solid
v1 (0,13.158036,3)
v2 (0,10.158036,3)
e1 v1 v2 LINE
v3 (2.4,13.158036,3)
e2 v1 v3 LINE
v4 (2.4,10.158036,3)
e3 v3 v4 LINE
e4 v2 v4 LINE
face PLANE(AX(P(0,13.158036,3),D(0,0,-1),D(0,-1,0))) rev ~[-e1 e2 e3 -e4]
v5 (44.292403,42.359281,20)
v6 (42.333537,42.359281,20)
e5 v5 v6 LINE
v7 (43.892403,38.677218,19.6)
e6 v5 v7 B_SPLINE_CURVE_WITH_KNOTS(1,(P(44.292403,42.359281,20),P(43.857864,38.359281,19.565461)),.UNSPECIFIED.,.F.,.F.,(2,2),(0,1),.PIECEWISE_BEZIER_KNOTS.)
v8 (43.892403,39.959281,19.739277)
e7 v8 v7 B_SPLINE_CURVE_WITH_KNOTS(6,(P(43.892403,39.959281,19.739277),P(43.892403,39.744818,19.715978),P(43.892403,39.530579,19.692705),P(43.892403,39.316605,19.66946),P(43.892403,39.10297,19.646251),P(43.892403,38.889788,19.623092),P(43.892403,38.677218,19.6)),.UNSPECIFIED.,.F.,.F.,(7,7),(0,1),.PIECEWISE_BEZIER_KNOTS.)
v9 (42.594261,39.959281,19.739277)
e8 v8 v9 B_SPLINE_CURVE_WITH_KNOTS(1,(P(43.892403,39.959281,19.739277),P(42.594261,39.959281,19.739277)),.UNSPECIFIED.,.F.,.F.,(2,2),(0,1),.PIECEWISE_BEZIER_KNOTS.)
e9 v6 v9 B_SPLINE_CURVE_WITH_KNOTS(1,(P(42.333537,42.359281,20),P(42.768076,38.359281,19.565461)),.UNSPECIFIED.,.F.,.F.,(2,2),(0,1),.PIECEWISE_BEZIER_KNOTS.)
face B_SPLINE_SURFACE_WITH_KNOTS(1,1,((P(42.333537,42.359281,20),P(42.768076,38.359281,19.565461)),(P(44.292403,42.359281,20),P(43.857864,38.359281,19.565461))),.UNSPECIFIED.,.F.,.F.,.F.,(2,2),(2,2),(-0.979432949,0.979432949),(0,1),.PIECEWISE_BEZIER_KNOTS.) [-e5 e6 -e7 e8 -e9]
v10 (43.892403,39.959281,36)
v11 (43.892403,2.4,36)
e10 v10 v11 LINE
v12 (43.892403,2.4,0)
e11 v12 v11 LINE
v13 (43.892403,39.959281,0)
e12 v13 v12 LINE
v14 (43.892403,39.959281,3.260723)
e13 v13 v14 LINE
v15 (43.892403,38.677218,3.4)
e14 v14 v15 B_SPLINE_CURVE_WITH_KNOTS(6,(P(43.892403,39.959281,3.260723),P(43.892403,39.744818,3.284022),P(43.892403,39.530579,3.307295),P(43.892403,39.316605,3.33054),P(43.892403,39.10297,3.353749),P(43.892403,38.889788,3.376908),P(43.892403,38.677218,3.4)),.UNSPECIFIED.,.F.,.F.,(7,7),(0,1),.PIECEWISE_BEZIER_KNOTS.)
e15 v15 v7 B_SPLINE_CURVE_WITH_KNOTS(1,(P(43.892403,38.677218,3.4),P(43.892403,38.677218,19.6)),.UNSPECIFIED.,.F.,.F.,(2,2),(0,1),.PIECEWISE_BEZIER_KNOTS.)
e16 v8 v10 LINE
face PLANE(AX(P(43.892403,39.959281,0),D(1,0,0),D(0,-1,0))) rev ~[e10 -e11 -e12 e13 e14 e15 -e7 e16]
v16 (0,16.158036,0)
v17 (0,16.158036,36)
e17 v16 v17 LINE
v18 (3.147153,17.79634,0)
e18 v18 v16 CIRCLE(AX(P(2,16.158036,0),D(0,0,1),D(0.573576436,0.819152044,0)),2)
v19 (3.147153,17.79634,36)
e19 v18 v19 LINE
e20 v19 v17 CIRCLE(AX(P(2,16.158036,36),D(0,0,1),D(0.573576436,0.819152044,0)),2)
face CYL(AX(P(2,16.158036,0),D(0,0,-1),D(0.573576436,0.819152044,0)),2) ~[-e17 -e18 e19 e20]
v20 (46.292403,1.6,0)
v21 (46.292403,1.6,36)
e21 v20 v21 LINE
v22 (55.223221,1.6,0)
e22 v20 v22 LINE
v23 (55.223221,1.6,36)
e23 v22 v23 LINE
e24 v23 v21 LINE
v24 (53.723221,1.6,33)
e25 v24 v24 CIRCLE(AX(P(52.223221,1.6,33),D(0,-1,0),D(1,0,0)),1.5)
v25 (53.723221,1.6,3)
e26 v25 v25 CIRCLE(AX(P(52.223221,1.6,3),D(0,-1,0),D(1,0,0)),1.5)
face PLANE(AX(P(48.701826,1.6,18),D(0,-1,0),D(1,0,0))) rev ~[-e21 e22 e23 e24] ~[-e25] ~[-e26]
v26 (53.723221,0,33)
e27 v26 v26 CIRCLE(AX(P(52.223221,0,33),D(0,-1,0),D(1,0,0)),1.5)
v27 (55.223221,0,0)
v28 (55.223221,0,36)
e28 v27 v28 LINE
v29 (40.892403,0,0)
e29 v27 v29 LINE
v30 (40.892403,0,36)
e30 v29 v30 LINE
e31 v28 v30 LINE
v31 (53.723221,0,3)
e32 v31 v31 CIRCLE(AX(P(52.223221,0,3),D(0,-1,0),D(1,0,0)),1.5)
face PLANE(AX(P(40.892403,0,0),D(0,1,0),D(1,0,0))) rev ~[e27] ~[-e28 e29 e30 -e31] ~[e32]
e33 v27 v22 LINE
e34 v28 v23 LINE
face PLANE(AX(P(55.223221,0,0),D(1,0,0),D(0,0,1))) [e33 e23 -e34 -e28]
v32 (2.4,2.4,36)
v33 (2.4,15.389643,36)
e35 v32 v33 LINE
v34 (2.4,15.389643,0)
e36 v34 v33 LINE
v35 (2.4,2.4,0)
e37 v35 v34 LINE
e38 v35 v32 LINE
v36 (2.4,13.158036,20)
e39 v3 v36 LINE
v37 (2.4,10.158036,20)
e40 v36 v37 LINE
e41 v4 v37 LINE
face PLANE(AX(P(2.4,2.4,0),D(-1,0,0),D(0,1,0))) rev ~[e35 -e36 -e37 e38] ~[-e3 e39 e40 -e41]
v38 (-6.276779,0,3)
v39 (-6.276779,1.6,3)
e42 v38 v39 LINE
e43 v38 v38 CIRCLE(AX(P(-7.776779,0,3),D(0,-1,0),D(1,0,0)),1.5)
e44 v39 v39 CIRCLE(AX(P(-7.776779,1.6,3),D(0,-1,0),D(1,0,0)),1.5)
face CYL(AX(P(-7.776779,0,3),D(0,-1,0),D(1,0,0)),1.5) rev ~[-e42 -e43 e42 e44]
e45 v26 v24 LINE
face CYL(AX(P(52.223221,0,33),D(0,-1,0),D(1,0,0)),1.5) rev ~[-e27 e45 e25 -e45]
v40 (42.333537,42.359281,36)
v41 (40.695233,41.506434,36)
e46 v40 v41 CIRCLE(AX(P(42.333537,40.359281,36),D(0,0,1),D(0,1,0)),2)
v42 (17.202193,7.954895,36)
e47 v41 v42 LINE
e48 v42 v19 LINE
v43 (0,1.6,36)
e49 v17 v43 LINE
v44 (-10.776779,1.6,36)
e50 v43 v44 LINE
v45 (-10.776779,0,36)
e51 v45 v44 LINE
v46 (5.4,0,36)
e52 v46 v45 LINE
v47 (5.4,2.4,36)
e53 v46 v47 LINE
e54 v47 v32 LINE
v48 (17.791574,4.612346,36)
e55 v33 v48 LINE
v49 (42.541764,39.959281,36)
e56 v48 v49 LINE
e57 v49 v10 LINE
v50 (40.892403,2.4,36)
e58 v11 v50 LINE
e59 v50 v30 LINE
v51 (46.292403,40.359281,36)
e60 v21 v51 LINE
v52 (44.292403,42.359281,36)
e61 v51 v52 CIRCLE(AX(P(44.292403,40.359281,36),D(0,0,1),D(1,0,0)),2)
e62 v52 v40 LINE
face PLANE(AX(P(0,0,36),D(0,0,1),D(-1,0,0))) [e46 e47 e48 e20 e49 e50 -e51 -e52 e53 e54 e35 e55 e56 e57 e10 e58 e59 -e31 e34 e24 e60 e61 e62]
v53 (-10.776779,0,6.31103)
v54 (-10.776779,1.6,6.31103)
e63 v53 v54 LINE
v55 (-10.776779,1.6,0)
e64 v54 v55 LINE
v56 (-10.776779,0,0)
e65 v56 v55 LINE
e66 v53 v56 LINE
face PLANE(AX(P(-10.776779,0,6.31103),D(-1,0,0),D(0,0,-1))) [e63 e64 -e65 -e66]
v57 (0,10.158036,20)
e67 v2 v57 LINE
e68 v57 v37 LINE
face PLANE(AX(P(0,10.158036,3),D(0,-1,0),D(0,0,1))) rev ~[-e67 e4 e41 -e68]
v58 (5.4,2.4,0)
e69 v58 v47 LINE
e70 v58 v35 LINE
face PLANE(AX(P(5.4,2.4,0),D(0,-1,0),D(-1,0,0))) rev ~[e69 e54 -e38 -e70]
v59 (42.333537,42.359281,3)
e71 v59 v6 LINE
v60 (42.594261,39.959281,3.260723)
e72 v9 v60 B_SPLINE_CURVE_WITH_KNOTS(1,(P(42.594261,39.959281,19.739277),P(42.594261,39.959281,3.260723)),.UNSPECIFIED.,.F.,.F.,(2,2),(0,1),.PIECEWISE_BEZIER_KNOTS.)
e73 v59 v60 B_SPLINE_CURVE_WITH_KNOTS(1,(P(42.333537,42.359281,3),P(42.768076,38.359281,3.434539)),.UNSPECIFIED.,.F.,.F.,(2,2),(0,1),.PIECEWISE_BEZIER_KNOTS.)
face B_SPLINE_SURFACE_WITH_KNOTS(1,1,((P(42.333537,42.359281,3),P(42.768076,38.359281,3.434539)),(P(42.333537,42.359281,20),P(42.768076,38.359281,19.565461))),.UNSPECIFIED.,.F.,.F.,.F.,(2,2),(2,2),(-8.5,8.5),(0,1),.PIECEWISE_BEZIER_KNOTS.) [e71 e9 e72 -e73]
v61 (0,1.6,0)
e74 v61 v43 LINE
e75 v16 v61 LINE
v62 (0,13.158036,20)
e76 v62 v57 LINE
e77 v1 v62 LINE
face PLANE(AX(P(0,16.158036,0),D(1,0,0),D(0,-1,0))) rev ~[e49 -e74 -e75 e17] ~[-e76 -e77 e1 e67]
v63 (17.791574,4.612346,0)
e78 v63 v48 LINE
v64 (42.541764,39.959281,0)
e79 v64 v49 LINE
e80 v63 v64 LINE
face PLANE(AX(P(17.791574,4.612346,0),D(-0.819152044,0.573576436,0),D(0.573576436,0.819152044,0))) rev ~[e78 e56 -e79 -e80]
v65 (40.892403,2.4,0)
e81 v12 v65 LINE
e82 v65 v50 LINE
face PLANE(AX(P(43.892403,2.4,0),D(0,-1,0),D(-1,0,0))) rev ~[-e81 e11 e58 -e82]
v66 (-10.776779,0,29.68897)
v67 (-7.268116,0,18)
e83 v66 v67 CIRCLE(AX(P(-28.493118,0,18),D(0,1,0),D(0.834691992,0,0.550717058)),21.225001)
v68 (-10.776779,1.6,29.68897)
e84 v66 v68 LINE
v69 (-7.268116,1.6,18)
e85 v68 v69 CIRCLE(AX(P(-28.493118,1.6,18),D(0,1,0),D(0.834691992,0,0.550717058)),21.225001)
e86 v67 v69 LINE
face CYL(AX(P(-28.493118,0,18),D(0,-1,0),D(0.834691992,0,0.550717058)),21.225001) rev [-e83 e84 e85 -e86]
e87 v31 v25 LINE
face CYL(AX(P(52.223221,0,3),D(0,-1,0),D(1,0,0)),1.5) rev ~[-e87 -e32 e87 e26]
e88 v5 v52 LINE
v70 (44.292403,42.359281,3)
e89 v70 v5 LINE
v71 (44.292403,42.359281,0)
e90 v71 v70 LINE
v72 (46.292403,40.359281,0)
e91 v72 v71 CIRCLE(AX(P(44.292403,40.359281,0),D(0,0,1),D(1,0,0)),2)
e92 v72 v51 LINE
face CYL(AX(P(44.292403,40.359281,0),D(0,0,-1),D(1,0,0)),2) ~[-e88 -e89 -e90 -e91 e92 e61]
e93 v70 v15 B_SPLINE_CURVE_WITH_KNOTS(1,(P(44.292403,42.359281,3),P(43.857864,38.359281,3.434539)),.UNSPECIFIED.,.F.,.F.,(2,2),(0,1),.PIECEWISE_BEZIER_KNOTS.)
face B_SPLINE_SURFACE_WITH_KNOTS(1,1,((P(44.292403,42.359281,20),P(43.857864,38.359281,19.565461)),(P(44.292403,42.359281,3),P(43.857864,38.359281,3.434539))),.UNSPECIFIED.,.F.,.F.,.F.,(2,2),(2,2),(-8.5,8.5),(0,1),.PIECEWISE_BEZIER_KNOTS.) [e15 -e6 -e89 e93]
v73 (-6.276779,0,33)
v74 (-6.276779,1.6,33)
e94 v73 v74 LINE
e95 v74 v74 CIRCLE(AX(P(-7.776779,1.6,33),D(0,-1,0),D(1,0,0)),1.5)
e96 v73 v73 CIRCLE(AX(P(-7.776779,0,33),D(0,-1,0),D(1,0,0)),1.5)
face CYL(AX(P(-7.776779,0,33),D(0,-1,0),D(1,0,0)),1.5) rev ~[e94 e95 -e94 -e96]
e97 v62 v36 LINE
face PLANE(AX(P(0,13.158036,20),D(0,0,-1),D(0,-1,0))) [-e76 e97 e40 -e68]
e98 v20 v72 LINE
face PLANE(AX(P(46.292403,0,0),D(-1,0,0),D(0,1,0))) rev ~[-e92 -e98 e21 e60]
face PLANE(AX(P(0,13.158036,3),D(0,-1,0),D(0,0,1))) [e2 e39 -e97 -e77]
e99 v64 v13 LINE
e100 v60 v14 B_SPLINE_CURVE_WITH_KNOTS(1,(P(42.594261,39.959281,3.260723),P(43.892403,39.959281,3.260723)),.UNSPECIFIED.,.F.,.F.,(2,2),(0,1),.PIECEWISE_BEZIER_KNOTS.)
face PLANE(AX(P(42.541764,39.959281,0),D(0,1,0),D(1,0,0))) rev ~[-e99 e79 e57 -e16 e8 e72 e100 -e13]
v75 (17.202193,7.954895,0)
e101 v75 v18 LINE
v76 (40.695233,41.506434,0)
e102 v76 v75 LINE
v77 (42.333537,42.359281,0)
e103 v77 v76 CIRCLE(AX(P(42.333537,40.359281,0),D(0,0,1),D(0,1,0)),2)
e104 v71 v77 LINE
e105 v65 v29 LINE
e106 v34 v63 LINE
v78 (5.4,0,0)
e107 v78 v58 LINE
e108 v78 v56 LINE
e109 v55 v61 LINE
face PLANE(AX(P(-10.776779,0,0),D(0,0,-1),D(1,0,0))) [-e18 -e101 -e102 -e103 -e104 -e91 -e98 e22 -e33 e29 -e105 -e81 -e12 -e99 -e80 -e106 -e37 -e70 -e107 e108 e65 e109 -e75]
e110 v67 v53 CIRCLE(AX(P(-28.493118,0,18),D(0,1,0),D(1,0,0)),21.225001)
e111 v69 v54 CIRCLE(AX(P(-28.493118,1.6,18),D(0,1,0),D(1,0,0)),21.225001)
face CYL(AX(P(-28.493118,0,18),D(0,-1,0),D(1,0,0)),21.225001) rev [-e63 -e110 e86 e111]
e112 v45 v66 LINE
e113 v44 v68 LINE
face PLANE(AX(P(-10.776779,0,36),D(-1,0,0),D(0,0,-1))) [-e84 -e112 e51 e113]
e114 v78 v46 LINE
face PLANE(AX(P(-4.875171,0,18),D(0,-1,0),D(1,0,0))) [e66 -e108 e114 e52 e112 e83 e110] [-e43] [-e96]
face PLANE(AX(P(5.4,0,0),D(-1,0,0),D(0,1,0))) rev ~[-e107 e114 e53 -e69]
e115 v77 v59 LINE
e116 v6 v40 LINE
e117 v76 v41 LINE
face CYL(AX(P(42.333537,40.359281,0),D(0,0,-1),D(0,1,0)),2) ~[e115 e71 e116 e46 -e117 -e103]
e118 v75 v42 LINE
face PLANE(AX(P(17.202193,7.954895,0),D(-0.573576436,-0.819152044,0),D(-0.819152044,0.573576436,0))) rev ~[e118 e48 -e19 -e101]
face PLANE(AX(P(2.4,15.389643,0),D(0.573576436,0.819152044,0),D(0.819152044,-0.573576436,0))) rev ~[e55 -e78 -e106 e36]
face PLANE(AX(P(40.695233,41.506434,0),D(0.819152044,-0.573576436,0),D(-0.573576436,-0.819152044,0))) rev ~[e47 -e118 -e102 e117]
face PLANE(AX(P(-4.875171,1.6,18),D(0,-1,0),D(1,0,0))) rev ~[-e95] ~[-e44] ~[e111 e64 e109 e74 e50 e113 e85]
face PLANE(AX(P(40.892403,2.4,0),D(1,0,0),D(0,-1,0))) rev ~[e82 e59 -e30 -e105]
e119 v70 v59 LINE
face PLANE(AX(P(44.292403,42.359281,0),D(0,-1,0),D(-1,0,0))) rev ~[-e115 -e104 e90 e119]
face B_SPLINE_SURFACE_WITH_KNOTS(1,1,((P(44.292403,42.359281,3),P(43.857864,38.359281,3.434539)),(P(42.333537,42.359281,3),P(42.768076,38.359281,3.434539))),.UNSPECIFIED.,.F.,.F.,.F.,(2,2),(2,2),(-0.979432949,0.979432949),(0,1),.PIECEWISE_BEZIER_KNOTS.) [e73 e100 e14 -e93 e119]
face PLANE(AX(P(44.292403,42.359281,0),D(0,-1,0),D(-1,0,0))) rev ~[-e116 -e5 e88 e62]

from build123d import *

# Parameters (mm, degrees)
F1_DEPTH = 36
F2_R     = 1.5
F3_DEPTH = 1.6
F4_W     = 3
F4_H     = 17
F5_DEPTH = 3
F6_W     = 1.9588658989
F6_H     = 17
F7_DEPTH = 4
F7_TAPER = 6.2


with BuildPart() as f1:
    # F0 (on Top) → F1 (new body)
    with BuildSketch(Plane.XY):
        with BuildLine():
            Line((0, 16.1580357461), (0, 0))
            Line((0, 0), (5.4, 0))
            Line((5.4, 0), (5.4, 2.4))
            Line((5.4, 2.4), (2.4, 2.4))
            Line((2.4, 2.4), (2.4, 15.3896428953))
            Line((2.4, 15.3896428953), (17.7915743891, 4.6123464831))
            Line((17.7915743891, 4.6123464831), (42.5417641781, 39.9592806968))
            Line((42.5417641781, 39.9592806968), (43.8924032568, 39.9592806968))
            Line((43.8924032568, 39.9592806968), (43.8924032568, 2.4))
            Line((43.8924032568, 2.4), (40.8924032568, 2.4))
            Line((40.8924032568, 2.4), (40.8924032568, 0))
            Line((40.8924032568, 0), (46.2924032568, 0))
            Line((46.2924032568, 0), (46.2924032568, 40.3592806968))
            ThreePointArc((46.2924032568, 40.3592806968), (45.7066168192, 41.7734942591), (44.2924032568, 42.3592806968))
            Line((44.2924032568, 42.3592806968), (42.3335373579, 42.3592806968))
            ThreePointArc((42.3335373579, 42.3592806968), (41.4100401314, 42.1333023631), (40.6952332693, 41.5064335695))
            Line((40.6952332693, 41.5064335695), (17.2021929301, 7.9548948366))
            Line((17.2021929301, 7.9548948366), (3.1471528727, 17.7963398346))
            ThreePointArc((3.1471528727, 17.7963398346), (1.0765027735, 17.9320574124), (0, 16.1580357461))
        make_face()
    extrude(amount=F1_DEPTH)

    # F2 (on face) → F3 (join)
    with BuildSketch(Plane.XZ):
        with BuildLine():
            Line((-7.7767788619, 0), (0, 0))
            Line((0, 0), (0, 36))
            Line((0, 36), (-10.7767788619, 36))
            Line((-10.7767788619, 36), (-10.7767788619, 29.6889703104))
            ThreePointArc((-10.7767788619, 29.6889703104), (-8.1641973062, 24.1021049808), (-7.2681161721, 18))
            ThreePointArc((-7.2681161721, 18), (-8.1641973062, 11.8978950192), (-10.7767788619, 6.3110296896))
            Line((-10.7767788619, 6.3110296896), (-10.7767788619, 3))
            Line((-10.7767788619, 3), (-10.7767788619, 0))
            Line((-10.7767788619, 0), (-7.7767788619, 0))
        make_face()
        with Locations((-7.7767788619, 3)):
            Circle(F2_R, mode=Mode.SUBTRACT)
        with Locations((-7.7767788619, 33)):
            Circle(F2_R, mode=Mode.SUBTRACT)
        Polygon((42.1804301441, 36), (42.1804301441, 0), (46.2169349194, 0), (55.2232211381, 0), (55.2232211381, 36), align=None)
        with Locations((52.2232211381, 3)):
            Circle(F2_R, mode=Mode.SUBTRACT)
        with Locations((52.2232211381, 33)):
            Circle(F2_R, mode=Mode.SUBTRACT)
    extrude(amount=-F3_DEPTH)

    # F4 (on face) → F5 (cut)
    with BuildSketch(Plane(origin=(0, 0, 0), x_dir=(0, -1, 0), z_dir=(-1, 0, 0))):
        with Locations((-11.6580357461, 11.5)):
            Rectangle(F4_W, F4_H)
    extrude(amount=-F5_DEPTH, mode=Mode.SUBTRACT)

    # F6 (on face) → F7 (cut)
    with BuildSketch(Plane(origin=(0, 42.3592806968, 0), x_dir=(-1, 0, 0), z_dir=(0, 1, 0))):
        with Locations((-43.3129703074, 11.5)):
            Rectangle(F6_W, F6_H)
    extrude(amount=-F7_DEPTH, taper=F7_TAPER, mode=Mode.SUBTRACT)


solid = f1.part
